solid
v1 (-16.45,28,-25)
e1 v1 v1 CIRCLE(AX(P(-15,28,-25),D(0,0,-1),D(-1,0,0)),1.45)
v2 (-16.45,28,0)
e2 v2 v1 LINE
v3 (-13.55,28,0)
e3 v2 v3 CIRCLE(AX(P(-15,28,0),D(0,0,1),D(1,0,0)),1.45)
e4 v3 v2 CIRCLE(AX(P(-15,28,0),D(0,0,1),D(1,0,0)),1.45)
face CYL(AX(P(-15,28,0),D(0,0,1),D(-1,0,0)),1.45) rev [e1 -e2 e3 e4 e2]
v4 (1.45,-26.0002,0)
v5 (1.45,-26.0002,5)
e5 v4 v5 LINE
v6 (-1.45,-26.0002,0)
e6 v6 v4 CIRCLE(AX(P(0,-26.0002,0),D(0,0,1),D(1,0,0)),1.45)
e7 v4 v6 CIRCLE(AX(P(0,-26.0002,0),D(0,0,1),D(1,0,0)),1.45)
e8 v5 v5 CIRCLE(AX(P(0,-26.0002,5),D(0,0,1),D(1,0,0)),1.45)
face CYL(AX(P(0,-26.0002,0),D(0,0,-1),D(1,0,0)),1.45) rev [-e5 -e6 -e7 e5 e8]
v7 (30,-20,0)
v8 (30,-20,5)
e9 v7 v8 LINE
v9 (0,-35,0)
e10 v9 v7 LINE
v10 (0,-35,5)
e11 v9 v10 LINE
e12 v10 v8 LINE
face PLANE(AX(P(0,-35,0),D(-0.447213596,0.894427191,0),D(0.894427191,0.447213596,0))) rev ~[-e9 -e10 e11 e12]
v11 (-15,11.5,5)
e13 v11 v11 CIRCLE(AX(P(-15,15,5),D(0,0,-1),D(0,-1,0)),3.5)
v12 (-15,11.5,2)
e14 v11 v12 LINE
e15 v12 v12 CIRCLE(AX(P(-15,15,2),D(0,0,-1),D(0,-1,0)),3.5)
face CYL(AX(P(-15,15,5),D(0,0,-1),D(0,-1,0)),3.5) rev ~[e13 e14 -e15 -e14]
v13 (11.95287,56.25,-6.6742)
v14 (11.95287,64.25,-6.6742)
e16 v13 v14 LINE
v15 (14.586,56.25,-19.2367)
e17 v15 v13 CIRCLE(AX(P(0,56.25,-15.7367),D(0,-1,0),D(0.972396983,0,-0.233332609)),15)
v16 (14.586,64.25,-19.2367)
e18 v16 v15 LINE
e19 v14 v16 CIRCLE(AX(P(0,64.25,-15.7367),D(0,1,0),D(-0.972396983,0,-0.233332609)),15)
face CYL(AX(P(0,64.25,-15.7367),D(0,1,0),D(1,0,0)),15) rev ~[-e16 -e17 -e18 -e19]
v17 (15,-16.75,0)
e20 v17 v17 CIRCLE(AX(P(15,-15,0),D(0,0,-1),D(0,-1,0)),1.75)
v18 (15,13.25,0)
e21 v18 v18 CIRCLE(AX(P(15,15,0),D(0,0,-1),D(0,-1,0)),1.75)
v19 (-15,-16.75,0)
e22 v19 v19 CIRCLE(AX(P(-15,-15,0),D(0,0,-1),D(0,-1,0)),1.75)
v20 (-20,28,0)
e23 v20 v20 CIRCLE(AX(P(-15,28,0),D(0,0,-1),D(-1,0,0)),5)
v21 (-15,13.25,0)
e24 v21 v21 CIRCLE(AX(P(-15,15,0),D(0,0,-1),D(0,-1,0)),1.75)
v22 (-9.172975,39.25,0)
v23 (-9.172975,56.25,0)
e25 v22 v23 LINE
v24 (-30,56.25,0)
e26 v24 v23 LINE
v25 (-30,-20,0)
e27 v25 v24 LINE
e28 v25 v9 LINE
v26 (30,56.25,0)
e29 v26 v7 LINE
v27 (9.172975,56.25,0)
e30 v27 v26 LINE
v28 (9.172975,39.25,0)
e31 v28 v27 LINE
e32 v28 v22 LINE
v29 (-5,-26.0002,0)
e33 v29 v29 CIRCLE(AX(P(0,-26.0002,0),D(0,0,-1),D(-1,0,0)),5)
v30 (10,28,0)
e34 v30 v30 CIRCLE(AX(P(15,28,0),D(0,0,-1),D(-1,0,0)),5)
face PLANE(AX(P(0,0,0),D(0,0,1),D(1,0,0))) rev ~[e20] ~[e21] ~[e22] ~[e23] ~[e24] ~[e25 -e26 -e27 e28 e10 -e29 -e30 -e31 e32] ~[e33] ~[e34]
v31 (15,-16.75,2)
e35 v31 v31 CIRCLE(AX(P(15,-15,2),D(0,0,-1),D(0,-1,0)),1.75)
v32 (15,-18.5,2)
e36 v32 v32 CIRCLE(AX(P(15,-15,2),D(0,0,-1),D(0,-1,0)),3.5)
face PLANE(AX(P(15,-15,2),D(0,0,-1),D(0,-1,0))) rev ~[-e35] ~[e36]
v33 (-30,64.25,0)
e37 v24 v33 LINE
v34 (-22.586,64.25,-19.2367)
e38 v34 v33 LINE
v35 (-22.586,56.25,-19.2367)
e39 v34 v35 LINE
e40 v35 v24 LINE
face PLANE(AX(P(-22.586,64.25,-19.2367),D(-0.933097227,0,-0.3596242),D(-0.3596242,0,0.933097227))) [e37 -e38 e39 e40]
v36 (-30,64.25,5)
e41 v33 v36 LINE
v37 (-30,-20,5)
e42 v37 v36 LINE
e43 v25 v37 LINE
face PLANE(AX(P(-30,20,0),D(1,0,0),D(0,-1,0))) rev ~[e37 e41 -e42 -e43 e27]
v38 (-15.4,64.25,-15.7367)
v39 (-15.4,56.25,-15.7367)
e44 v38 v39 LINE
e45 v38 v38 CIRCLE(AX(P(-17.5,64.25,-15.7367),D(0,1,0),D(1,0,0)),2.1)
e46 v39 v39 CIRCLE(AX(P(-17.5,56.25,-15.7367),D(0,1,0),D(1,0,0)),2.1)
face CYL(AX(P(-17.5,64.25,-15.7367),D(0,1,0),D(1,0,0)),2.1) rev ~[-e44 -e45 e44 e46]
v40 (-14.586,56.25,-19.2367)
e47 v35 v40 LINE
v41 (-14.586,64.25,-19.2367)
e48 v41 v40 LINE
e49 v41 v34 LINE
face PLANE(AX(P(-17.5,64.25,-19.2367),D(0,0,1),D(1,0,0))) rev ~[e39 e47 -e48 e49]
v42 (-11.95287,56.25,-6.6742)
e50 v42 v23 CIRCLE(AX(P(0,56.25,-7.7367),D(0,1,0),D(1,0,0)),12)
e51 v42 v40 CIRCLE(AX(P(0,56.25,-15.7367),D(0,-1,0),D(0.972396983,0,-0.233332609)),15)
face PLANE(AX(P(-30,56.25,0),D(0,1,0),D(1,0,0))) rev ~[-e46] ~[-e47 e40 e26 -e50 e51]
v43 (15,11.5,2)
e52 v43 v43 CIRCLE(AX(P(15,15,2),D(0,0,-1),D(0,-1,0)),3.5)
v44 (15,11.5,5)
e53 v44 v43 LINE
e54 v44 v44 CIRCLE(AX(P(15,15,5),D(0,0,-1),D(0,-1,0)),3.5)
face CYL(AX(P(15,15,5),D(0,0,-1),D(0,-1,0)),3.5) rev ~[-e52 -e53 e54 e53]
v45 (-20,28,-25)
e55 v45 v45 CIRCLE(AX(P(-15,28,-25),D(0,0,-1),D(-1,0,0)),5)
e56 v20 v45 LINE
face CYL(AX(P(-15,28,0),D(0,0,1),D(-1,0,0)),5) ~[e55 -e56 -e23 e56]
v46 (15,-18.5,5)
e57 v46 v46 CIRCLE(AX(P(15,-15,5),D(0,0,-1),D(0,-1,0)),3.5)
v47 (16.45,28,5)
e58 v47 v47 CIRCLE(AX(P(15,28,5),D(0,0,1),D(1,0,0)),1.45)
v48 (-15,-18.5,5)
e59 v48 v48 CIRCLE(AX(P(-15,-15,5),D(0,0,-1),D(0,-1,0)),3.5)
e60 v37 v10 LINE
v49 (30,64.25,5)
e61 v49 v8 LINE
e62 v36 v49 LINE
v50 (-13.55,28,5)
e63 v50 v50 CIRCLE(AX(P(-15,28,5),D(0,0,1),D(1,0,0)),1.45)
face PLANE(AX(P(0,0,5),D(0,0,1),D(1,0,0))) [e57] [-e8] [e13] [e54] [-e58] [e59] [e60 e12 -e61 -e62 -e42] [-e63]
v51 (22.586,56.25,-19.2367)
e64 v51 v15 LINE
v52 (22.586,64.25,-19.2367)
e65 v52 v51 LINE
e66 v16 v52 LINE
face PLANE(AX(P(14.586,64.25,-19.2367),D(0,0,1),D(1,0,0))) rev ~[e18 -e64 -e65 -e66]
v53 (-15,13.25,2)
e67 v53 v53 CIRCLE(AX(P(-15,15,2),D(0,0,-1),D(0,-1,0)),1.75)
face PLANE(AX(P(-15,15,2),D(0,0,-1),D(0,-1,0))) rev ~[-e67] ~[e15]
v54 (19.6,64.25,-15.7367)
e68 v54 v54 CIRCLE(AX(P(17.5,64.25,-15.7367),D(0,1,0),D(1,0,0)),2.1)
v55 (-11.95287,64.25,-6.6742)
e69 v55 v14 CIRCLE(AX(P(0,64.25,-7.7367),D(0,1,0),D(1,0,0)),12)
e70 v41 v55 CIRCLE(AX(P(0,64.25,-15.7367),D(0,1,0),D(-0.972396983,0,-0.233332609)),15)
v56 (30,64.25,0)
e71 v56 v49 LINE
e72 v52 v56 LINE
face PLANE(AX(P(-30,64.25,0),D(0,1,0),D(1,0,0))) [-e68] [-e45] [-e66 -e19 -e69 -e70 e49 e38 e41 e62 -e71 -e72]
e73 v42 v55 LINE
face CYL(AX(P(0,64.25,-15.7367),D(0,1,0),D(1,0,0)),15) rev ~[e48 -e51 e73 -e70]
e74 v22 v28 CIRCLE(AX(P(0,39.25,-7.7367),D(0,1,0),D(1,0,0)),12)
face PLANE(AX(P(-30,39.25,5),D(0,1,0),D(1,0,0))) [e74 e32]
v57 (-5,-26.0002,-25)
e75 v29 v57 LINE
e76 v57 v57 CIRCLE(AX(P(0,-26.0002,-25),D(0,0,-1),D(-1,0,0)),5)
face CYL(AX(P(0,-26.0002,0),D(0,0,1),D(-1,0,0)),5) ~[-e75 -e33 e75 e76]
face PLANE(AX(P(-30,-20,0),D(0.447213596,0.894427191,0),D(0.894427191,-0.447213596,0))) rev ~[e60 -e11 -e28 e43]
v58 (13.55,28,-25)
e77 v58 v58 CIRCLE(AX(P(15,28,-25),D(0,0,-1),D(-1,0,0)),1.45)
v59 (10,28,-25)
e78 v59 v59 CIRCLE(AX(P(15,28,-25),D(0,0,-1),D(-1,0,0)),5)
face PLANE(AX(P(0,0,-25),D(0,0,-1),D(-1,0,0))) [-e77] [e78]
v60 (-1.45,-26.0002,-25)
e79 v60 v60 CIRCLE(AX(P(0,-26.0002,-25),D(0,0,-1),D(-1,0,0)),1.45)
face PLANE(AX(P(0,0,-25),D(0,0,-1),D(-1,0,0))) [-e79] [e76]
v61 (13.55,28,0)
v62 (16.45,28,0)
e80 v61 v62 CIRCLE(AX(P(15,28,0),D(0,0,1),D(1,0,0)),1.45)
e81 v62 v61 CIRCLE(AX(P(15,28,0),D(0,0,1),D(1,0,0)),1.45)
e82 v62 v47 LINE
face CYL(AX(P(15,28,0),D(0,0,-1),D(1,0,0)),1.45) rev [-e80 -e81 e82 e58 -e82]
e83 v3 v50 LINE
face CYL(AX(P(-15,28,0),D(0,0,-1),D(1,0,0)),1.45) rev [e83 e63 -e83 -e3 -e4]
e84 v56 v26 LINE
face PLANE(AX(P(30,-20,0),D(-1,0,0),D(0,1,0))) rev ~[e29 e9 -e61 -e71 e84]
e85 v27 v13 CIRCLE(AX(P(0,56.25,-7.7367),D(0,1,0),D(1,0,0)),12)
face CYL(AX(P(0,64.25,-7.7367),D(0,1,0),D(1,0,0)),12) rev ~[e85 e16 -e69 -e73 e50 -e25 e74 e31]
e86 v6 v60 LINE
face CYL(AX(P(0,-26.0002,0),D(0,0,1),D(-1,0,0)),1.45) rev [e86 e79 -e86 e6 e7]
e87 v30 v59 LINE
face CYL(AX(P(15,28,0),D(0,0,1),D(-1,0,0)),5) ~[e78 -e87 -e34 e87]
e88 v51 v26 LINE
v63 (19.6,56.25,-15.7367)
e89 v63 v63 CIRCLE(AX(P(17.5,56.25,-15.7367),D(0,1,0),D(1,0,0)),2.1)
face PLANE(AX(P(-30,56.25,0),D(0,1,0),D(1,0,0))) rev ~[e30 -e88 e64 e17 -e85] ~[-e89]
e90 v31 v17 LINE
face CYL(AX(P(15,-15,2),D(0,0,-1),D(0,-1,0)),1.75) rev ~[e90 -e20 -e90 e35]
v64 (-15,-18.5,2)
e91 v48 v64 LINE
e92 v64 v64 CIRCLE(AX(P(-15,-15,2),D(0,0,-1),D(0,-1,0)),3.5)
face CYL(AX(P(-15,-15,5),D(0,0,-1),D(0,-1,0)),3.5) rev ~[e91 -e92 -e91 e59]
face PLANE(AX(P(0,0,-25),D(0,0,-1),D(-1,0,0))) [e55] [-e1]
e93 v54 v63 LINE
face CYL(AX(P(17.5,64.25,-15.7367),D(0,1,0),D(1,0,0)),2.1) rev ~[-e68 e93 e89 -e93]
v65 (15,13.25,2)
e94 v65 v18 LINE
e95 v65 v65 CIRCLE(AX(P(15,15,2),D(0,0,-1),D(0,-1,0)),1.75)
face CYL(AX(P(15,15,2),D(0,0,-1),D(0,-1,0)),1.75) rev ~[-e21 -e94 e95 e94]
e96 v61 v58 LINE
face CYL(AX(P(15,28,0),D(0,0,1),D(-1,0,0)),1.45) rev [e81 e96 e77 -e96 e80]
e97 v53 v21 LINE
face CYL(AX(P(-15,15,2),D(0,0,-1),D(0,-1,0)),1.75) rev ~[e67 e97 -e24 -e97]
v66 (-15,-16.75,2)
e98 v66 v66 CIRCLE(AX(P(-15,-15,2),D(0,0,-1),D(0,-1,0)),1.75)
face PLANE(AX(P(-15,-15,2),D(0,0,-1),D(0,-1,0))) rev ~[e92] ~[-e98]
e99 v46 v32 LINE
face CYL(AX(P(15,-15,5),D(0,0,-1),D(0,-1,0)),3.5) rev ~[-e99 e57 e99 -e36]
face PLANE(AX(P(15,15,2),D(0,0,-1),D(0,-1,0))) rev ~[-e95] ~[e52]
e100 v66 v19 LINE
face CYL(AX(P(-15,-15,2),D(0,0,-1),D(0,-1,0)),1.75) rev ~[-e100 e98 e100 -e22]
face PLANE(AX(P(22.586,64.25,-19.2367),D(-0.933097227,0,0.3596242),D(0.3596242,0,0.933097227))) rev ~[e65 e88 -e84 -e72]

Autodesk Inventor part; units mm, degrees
ref_plane "YZ Plane" through (0, 0, 0) normal (1, 0, 0) x (0, 1, 0)
ref_plane "XZ Plane" through (0, 0, 0) normal (0, 1, 0) x (-1, 0, 0)
ref_plane "XY Plane" through (0, 0, 0) normal (0, 0, 1) x (1, 0, 0)
ref_plane "Work Plane1" through (0, 0, 0) normal (0, 0, 1) x (1, 0, 0)
sketch "Sketch1" plane through (0, 0, 0) normal (0, 0, 1) x (1, 0, 0)
  circle A0 centre (-15, -15) radius 1.5 projected
  circle A1 centre (15, 15) radius 1.5 projected
  circle A2 centre (15, -15) radius 1.5 projected
  circle A3 centre (-15, 15) radius 1.5 projected
  line L0 (30, 20) -> (-30, 20) construction
  line L1 (-30, 20) -> (-30, -20) projected
  line L2 (-30, -20) -> (30, -20) projected
  line L3 (30, -20) -> (30, 20) projected
  line L4 (30, 20) -> (-30, 20)
  line L5 (-30, 20) -> (-30, 64.25)
  line L6 (-30, 64.25) -> (30, 64.25)
  line L7 (30, 64.25) -> (30, 20)
  line L8 (13.5554, 64.25) -> (17.5, 64.25) projected
  line L9 (-30, -20) -> (0, -35)
  line L10 (0, -35) -> (30, -20)
  line L11 (-0.0001, -26) -> (-15, 28) construction
  line L12 (-15, 28) -> (15, 28) construction
  line L13 (15, 28) -> (-0.0001, -26) construction
  circle A4 centre (-15, 28) radius 1.45
  circle A5 centre (15, 28) radius 1.45
  circle A6 centre (0, -26.0002) radius 1.45
  line L14 (-30, -20) -> (30, -20)
  line L15 (30, -20) -> (30, 20)
  line L16 (30, 20) -> (-30, 20)
  line L17 (-30, 20) -> (-30, -20)
  point P0 (0, 0)
  dimension "d19" = 15
  dimension "d20" = 2.9
  dimension "d21" = 2.9
  dimension "d22" = 2.9
  dimension "d23" = 30
  dimension "d24" = 28
  dimension "d30" = 0
  dimension "d31" = 26
extrude "Extrusion1" add sketch "Sketch1" along normal blind 5 contours A0 | A1 | A2 | A3 | L4 L3 L2 L1 | L5 L6 L7 L4 | L2 L10 L9
sketch "Sketch2" plane through (0, 0, 5) normal (0, 0, 1) x (1, 0, 0)
  circle A0 centre (15, 15) radius 1.5 projected
  circle A1 centre (15, -15) radius 1.5 projected
  circle A2 centre (-20, 13) radius 1.5 projected
  circle A3 centre (-20, -13) radius 1.5 projected
  circle A4 centre (-15, -15) radius 1.5 projected
  circle A5 centre (-15, 15) radius 1.5 projected
  point P0 (0, 0)
hole "Hole1" at (15, 15, 5) at (15, -15, 5) at (-15, -15, 5) at (-15, 15, 5) direction (0, 0, -1) diameter 3.5 depth 8 tip angle 118 counterbore diameter 7 counterbore depth 3
sketch "Sketch3" plane through (-30, 64.25, 0) normal (0, 1, 0) x (1, 0, 0)
  circle A0 centre (12.5, 15.7367) radius 2.1 projected
  circle A1 centre (47.5, 15.7367) radius 2.1 projected
  arc A2 (16, 15.7367) -> (44, 15.7367) centre (30, 15.7367) ccw projected
  circle A3 centre (30, 15.7367) radius 15
  line L0 (12.5, 19.2367) -> (16.4446, 19.2367) projected
  line L1 (43.5554, 19.2367) -> (47.5, 19.2367) projected
  line L2 (15.414, 19.2367) -> (7.414, 19.2367)
  line L3 (0, 0) -> (60, 0) projected
  line L4 (7.414, 19.2367) -> (0, 0)
  line L5 (0, 0) -> (60, 0)
  line L6 (44.586, 19.2367) -> (52.586, 19.2367)
  line L7 (52.586, 19.2367) -> (60, 0)
  circle A4 centre (12.5, 15.7367) radius 1.45
  circle A5 centre (47.5, 15.7367) radius 1.45
  point P0 (30, 0)
  dimension "d9" = 30
  dimension "d10" = 8
  dimension "d11" = 8
  dimension "d12" = 2.9
  dimension "d13" = 2.9
extrude "Extrusion2" add sketch "Sketch3" against normal blind 8 contours A3 L1 L6 L7 L3 L4 L2 L0
sketch "Sketch4" plane through (-30, 64.25, 5) normal (0, 1, 0) x (1, 0, 0)
  circle A0 centre (30, 12.7367) radius 10 projected
  circle A1 centre (30, 12.7367) radius 12
  point P0 (30, 5)
  dimension "d16" = 24
extrude "Extrusion3" cut sketch "Sketch4" against normal blind 25 contours A0 | A1
sketch "Sketch5" plane through (0, 0, 0) normal (0, 0, -1) x (-1, 0, 0)
  circle A0 centre (15, 15) radius 1.75 projected
  circle A1 centre (-15, -15) radius 1.75 projected
  circle A2 centre (-15, 15) radius 1.75 projected
  circle A3 centre (15, -15) radius 1.75 projected
  line L0 (9.173, 56.25) -> (9.173, 39.25) projected
  line L1 (9.173, 39.25) -> (-9.173, 39.25) projected
  line L2 (-9.173, 39.25) -> (-9.173, 56.25) projected
  line L3 (-9.173, 56.25) -> (-30, 56.25) projected
  line L4 (-30, -20) -> (-30, 56.25) projected
  line L5 (0, -35) -> (-30, -20) projected
  line L6 (30, -20) -> (0, -35) projected
  line L7 (30, 56.25) -> (9.173, 56.25) projected
  line L8 (30, -20) -> (30, 56.25) projected
  circle A4 centre (15, 28) radius 1.45 projected
  circle A5 centre (-15, 28) radius 1.45 projected
  circle A6 centre (0, -26.0002) radius 1.45 projected
  circle A7 centre (15, 28) radius 1.45 projected
  circle A8 centre (15, 28) radius 5
  circle A9 centre (-15, 28) radius 5
  circle A10 centre (0, -26.0002) radius 5
  point P0 (0, 0)
  dimension "d25" = 10
  dimension "d26" = 10
  dimension "d27" = 10
extrude "Extrusion4" add sketch "Sketch5" along normal blind 25 contours A8 | A9 | A10
properties part number "01_WG_writer_BASE"
